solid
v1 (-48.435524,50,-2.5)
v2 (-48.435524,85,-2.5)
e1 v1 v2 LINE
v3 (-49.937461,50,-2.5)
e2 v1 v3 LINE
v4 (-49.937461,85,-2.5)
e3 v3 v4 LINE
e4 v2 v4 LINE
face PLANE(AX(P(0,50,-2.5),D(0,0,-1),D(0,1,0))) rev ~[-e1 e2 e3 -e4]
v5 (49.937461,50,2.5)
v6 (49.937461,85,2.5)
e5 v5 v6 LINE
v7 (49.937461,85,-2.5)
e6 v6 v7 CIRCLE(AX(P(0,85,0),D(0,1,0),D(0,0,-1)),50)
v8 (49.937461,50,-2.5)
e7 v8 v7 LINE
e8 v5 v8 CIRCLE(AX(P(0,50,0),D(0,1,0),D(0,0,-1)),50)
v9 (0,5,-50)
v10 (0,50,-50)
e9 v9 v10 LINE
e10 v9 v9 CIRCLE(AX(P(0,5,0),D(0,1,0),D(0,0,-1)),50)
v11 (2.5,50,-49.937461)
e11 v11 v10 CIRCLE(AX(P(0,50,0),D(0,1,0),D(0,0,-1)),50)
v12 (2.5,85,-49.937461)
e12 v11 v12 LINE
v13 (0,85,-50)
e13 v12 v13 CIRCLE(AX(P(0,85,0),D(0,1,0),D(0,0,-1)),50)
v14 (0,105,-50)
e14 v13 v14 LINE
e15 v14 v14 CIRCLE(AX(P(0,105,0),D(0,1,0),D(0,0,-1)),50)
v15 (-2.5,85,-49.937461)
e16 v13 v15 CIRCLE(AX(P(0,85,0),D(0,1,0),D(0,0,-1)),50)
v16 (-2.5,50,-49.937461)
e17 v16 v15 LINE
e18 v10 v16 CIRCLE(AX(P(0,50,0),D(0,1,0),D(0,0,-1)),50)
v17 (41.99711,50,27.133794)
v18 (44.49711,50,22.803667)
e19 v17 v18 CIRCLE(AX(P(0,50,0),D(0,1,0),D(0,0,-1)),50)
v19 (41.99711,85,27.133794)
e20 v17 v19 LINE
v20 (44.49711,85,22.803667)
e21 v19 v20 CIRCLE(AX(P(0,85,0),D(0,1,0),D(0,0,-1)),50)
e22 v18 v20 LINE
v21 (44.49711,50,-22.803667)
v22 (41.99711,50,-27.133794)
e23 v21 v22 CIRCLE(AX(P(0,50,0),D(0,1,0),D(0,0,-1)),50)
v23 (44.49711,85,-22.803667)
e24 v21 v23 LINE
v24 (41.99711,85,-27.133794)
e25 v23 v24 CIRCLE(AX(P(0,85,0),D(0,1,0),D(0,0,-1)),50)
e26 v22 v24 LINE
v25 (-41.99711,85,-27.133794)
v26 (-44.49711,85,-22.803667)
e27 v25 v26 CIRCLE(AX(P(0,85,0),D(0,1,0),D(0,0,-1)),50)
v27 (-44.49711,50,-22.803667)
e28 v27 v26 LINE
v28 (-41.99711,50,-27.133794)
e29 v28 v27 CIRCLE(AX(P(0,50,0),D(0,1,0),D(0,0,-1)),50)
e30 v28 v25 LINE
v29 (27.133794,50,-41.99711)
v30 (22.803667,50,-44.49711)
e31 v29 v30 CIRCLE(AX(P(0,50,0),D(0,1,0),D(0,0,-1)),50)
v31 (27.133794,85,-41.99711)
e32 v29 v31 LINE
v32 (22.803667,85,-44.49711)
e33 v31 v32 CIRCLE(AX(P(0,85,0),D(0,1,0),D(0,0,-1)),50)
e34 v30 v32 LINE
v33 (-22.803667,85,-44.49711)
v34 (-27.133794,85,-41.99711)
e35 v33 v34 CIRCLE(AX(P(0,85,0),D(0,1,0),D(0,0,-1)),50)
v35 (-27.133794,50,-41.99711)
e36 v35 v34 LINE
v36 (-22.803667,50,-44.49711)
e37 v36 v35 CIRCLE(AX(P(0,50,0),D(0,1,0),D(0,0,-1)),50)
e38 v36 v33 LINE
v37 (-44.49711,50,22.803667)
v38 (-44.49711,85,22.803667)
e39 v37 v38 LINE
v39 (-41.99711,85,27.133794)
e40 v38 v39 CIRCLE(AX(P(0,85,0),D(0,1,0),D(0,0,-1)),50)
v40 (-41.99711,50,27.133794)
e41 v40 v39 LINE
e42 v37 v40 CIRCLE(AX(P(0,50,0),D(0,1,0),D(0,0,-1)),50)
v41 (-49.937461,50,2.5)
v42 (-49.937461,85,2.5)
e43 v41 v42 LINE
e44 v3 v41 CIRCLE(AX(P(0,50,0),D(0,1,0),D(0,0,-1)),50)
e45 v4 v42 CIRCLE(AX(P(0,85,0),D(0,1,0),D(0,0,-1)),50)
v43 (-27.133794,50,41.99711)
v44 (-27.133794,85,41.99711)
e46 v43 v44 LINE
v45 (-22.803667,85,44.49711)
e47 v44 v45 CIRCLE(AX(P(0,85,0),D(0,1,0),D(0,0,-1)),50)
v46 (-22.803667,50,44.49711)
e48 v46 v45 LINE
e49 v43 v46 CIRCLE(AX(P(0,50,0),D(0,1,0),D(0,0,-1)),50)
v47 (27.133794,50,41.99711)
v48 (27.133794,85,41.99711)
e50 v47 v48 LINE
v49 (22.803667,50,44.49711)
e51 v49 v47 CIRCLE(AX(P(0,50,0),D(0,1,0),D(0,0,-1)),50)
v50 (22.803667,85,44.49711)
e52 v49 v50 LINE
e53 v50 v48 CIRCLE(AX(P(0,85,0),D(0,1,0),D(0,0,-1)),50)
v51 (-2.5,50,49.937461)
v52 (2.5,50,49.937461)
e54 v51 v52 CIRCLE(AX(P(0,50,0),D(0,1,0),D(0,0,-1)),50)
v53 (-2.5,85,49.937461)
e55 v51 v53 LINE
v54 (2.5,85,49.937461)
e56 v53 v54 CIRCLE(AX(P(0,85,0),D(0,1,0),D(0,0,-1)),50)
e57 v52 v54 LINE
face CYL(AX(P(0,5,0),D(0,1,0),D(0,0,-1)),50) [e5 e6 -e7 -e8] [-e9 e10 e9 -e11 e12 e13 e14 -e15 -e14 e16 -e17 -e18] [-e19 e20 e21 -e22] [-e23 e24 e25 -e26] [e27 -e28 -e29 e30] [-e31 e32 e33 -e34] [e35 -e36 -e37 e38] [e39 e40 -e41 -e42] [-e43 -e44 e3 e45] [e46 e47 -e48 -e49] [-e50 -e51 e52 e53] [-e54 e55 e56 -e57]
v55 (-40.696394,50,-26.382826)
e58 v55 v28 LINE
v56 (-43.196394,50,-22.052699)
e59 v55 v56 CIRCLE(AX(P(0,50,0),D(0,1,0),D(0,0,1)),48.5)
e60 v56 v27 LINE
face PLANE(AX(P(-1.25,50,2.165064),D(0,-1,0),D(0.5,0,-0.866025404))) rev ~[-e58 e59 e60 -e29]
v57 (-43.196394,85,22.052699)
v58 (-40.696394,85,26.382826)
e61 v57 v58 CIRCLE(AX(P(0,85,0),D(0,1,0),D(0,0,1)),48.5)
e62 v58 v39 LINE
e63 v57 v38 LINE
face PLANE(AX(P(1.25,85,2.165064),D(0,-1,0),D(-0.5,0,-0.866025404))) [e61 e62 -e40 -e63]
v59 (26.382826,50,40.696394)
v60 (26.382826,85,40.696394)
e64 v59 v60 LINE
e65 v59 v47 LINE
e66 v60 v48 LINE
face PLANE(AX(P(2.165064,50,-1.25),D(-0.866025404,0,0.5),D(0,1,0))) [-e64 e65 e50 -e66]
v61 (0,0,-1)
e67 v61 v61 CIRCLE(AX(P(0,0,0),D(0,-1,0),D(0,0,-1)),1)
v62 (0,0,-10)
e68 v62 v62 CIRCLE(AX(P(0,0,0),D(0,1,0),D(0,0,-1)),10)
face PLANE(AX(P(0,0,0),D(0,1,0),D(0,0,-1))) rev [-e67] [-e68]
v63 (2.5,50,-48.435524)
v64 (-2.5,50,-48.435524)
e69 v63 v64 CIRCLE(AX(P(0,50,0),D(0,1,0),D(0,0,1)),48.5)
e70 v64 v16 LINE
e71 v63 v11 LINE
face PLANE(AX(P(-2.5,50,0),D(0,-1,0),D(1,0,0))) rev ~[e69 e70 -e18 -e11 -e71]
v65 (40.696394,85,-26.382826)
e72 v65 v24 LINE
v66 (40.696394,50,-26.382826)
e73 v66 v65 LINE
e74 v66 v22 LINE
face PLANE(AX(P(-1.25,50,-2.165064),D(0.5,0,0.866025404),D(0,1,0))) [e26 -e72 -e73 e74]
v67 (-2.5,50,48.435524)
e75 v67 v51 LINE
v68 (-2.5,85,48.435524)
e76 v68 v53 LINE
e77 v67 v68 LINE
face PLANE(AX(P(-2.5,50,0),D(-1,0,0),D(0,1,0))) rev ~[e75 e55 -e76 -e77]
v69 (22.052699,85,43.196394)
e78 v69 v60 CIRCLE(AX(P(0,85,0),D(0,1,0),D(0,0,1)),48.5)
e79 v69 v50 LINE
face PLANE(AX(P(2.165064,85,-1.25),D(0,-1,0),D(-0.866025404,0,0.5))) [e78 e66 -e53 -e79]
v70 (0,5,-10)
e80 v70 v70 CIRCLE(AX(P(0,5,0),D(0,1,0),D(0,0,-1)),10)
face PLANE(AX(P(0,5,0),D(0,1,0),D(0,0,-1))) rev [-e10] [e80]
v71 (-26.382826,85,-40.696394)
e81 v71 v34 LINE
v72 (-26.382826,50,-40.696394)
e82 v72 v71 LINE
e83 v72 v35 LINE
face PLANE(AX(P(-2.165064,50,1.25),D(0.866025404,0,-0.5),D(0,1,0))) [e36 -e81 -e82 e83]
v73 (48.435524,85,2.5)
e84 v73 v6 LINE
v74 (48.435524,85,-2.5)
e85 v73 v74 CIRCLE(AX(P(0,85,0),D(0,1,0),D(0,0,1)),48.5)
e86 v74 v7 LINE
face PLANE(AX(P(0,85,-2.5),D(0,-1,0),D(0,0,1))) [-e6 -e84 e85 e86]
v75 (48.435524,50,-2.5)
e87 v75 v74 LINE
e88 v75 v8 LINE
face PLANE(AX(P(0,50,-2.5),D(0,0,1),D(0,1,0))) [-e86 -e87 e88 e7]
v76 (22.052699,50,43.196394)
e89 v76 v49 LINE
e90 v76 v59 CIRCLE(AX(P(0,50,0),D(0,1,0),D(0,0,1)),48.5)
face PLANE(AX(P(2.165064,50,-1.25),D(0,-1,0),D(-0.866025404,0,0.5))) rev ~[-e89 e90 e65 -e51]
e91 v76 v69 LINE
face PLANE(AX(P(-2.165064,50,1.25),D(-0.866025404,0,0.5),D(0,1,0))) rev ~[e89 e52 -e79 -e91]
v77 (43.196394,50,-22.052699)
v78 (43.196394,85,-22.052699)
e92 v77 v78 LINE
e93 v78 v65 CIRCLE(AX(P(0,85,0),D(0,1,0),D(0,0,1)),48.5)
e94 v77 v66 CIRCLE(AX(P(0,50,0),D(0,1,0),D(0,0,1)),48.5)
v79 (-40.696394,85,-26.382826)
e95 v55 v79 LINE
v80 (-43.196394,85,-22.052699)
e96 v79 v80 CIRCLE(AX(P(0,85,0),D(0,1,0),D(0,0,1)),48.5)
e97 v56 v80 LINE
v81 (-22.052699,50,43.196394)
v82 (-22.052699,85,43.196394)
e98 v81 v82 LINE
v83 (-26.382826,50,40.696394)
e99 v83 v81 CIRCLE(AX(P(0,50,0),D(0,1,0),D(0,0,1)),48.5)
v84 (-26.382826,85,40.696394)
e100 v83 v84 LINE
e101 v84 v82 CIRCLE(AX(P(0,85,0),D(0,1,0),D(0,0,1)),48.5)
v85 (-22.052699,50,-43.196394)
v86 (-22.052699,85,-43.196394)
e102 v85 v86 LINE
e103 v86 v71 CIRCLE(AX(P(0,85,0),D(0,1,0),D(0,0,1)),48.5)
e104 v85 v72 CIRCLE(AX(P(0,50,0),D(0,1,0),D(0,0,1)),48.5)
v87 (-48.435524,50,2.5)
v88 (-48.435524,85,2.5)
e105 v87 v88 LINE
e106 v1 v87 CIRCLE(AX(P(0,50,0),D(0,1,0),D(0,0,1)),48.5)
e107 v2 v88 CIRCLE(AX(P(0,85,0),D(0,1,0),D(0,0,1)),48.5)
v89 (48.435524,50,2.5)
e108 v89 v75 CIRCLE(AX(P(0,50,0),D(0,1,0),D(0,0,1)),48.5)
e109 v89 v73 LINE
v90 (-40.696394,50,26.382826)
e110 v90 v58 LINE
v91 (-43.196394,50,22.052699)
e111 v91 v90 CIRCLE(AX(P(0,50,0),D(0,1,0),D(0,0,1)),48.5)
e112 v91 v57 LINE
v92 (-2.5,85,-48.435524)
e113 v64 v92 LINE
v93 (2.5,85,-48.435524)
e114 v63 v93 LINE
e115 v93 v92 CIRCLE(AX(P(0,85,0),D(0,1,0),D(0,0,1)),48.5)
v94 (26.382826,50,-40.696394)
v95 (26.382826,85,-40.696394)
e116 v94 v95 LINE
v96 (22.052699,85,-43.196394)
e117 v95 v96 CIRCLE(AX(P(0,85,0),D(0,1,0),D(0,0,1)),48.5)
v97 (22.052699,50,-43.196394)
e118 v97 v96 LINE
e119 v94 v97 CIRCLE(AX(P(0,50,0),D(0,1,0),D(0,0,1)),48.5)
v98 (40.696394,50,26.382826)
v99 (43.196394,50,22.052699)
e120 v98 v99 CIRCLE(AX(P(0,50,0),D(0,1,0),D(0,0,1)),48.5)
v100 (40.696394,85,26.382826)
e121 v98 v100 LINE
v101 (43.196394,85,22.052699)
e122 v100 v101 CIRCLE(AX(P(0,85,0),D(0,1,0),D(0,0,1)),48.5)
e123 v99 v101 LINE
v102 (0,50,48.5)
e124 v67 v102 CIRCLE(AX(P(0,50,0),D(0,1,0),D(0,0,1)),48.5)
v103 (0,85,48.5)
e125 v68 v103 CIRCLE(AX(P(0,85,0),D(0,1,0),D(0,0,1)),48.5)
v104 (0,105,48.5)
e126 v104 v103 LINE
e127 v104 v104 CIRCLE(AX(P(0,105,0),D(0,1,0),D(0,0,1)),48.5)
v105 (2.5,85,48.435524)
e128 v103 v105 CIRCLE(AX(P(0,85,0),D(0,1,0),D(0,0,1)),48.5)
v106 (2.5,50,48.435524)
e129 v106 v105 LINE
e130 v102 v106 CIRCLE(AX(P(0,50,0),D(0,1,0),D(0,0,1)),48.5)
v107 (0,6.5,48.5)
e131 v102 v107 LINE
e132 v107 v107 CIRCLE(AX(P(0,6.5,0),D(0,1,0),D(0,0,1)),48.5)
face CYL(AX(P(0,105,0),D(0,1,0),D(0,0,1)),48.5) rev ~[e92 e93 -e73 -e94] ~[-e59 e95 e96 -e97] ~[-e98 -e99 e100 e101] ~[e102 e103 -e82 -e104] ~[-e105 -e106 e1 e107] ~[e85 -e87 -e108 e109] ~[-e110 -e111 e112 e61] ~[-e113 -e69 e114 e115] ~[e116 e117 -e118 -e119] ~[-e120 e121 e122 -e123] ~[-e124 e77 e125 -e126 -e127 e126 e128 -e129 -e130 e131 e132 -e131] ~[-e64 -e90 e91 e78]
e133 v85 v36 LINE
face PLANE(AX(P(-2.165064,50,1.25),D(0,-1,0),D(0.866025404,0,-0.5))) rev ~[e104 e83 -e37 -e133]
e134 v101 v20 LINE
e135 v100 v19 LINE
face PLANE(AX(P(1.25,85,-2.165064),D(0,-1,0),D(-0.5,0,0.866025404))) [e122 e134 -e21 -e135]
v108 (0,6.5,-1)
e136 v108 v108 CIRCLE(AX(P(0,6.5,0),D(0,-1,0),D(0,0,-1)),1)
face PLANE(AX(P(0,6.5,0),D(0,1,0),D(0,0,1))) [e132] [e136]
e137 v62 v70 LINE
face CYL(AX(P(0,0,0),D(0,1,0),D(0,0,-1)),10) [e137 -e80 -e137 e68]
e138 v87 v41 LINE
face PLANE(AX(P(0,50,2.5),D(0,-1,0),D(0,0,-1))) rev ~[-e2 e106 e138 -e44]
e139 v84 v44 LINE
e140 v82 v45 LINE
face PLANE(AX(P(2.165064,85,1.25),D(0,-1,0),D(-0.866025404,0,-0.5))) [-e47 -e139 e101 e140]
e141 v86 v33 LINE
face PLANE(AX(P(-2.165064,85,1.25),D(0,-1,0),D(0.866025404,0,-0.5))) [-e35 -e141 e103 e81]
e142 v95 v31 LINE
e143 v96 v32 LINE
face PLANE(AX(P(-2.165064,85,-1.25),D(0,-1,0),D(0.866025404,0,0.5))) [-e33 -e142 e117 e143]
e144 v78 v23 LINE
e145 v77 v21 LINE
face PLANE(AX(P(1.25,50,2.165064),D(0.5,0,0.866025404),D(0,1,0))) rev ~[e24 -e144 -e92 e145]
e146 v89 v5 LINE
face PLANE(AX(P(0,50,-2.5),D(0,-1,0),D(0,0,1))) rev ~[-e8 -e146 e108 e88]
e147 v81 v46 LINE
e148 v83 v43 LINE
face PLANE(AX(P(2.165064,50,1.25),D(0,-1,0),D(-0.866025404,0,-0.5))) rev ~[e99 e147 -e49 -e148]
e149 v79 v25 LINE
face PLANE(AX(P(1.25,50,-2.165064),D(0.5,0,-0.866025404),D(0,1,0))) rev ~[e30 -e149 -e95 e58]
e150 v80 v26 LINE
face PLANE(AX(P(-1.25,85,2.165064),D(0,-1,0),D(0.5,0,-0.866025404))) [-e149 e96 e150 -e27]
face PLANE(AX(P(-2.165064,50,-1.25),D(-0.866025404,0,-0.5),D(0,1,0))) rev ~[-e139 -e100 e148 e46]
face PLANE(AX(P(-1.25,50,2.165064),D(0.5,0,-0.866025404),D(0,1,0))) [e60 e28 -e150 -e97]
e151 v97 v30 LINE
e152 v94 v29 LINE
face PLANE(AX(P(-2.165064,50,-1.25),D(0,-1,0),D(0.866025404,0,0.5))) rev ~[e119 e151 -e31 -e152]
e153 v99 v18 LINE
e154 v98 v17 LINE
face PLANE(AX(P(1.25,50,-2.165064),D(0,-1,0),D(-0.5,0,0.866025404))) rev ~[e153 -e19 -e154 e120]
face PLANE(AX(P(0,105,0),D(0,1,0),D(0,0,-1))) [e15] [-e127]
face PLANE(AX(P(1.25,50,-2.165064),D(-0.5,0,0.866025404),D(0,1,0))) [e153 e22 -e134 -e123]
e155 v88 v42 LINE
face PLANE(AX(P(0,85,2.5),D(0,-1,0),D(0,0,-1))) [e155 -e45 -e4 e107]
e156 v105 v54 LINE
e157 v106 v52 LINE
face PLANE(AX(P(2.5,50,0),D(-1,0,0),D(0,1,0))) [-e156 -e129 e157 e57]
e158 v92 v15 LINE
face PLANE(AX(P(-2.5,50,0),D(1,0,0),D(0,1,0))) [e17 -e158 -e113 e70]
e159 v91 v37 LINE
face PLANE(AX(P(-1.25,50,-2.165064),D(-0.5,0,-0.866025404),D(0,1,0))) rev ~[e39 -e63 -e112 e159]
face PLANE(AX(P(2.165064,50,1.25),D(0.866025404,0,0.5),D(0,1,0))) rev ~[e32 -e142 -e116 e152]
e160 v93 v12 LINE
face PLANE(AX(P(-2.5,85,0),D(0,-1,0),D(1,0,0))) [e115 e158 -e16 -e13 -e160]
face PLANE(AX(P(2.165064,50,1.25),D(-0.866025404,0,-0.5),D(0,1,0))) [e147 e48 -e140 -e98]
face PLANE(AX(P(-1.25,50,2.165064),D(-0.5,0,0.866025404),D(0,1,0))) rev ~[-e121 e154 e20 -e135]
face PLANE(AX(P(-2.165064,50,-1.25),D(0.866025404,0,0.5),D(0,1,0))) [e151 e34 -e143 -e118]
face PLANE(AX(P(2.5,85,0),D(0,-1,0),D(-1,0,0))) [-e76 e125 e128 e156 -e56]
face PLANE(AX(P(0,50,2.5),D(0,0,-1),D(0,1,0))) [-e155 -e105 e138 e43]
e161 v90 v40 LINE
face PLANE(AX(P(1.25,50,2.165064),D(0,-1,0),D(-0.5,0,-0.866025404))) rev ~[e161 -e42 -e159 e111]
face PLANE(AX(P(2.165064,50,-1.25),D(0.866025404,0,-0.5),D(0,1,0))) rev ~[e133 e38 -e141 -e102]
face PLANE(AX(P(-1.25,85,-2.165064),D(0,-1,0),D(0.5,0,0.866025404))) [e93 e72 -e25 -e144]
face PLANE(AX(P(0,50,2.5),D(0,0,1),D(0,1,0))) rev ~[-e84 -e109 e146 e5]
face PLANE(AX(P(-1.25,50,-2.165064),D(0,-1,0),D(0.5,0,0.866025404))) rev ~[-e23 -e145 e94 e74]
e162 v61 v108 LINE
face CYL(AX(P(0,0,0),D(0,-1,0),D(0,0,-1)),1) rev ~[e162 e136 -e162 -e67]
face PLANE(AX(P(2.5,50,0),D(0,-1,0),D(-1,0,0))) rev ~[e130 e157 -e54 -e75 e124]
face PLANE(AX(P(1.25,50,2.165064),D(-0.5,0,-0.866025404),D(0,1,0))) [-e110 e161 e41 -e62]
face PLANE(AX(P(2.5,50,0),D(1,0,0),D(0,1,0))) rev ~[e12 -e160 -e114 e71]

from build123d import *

# Parameters (mm, degrees)
CROQUIS3_R            = 48.5
CORTAR_EXTRUIR1_DEPTH = 98.5
CROQUIS4_R            = 1
CORTAR_EXTRUIR2_DEPTH = 98.5
CROQUIS6_W            = 5
CROQUIS6_H            = 35
CORTAR_EXTRUIR3_DEPTH = 98.5
MATRIZC1_COUNT        = 12


with BuildPart() as part:
    # Croquis2 → Revolución2 (revolve)
    with BuildSketch(Plane.XY, mode=Mode.PRIVATE) as revoluci_n2_sk:
        Polygon((0, 0), (-10, 0), (-10, 5), (-50, 5), (-50, 105), (0, 105), align=None)
    revolve(revoluci_n2_sk.sketch.rotate(Axis((0, 0, 0), (0, 1, 0)), 270), axis=Axis((0, 0, 0), (0, 1, 0)))

    # Croquis3 → Cortar-Extruir1 (cut)
    with BuildSketch(Plane(origin=(0, 105, 0), x_dir=(1, 0, 0), z_dir=(0, 1, 0))):
        with Locations(Location((0, 0, 0), (0, 0, 270))):
            Circle(CROQUIS3_R)
    extrude(amount=-CORTAR_EXTRUIR1_DEPTH, mode=Mode.SUBTRACT)

    # Croquis4 → Cortar-Extruir2 (cut)
    with BuildSketch(Plane.XZ):
        with Locations(Location((0, 0, 0), (0, 0, 270))):
            Circle(CROQUIS4_R)
    extrude(amount=-CORTAR_EXTRUIR2_DEPTH, mode=Mode.SUBTRACT)

    # Croquis6 → Cortar-Extruir3 (cut)
    with BuildSketch(Plane.XY):
        with Locations((0, 67.5)):
            Rectangle(CROQUIS6_W, CROQUIS6_H)
    cortar_extruir3 = extrude(amount=-CORTAR_EXTRUIR3_DEPTH, mode=Mode.SUBTRACT)

    # MatrizC1: Cortar-Extruir3 ×12 about axis
    matrizc1_axis = Axis((0, 0, 0), (0, 1, 0))
    for i in range(1, MATRIZC1_COUNT):
        add(cortar_extruir3.rotate(matrizc1_axis, i * 360 / MATRIZC1_COUNT), mode=Mode.SUBTRACT)


solid = part.part
